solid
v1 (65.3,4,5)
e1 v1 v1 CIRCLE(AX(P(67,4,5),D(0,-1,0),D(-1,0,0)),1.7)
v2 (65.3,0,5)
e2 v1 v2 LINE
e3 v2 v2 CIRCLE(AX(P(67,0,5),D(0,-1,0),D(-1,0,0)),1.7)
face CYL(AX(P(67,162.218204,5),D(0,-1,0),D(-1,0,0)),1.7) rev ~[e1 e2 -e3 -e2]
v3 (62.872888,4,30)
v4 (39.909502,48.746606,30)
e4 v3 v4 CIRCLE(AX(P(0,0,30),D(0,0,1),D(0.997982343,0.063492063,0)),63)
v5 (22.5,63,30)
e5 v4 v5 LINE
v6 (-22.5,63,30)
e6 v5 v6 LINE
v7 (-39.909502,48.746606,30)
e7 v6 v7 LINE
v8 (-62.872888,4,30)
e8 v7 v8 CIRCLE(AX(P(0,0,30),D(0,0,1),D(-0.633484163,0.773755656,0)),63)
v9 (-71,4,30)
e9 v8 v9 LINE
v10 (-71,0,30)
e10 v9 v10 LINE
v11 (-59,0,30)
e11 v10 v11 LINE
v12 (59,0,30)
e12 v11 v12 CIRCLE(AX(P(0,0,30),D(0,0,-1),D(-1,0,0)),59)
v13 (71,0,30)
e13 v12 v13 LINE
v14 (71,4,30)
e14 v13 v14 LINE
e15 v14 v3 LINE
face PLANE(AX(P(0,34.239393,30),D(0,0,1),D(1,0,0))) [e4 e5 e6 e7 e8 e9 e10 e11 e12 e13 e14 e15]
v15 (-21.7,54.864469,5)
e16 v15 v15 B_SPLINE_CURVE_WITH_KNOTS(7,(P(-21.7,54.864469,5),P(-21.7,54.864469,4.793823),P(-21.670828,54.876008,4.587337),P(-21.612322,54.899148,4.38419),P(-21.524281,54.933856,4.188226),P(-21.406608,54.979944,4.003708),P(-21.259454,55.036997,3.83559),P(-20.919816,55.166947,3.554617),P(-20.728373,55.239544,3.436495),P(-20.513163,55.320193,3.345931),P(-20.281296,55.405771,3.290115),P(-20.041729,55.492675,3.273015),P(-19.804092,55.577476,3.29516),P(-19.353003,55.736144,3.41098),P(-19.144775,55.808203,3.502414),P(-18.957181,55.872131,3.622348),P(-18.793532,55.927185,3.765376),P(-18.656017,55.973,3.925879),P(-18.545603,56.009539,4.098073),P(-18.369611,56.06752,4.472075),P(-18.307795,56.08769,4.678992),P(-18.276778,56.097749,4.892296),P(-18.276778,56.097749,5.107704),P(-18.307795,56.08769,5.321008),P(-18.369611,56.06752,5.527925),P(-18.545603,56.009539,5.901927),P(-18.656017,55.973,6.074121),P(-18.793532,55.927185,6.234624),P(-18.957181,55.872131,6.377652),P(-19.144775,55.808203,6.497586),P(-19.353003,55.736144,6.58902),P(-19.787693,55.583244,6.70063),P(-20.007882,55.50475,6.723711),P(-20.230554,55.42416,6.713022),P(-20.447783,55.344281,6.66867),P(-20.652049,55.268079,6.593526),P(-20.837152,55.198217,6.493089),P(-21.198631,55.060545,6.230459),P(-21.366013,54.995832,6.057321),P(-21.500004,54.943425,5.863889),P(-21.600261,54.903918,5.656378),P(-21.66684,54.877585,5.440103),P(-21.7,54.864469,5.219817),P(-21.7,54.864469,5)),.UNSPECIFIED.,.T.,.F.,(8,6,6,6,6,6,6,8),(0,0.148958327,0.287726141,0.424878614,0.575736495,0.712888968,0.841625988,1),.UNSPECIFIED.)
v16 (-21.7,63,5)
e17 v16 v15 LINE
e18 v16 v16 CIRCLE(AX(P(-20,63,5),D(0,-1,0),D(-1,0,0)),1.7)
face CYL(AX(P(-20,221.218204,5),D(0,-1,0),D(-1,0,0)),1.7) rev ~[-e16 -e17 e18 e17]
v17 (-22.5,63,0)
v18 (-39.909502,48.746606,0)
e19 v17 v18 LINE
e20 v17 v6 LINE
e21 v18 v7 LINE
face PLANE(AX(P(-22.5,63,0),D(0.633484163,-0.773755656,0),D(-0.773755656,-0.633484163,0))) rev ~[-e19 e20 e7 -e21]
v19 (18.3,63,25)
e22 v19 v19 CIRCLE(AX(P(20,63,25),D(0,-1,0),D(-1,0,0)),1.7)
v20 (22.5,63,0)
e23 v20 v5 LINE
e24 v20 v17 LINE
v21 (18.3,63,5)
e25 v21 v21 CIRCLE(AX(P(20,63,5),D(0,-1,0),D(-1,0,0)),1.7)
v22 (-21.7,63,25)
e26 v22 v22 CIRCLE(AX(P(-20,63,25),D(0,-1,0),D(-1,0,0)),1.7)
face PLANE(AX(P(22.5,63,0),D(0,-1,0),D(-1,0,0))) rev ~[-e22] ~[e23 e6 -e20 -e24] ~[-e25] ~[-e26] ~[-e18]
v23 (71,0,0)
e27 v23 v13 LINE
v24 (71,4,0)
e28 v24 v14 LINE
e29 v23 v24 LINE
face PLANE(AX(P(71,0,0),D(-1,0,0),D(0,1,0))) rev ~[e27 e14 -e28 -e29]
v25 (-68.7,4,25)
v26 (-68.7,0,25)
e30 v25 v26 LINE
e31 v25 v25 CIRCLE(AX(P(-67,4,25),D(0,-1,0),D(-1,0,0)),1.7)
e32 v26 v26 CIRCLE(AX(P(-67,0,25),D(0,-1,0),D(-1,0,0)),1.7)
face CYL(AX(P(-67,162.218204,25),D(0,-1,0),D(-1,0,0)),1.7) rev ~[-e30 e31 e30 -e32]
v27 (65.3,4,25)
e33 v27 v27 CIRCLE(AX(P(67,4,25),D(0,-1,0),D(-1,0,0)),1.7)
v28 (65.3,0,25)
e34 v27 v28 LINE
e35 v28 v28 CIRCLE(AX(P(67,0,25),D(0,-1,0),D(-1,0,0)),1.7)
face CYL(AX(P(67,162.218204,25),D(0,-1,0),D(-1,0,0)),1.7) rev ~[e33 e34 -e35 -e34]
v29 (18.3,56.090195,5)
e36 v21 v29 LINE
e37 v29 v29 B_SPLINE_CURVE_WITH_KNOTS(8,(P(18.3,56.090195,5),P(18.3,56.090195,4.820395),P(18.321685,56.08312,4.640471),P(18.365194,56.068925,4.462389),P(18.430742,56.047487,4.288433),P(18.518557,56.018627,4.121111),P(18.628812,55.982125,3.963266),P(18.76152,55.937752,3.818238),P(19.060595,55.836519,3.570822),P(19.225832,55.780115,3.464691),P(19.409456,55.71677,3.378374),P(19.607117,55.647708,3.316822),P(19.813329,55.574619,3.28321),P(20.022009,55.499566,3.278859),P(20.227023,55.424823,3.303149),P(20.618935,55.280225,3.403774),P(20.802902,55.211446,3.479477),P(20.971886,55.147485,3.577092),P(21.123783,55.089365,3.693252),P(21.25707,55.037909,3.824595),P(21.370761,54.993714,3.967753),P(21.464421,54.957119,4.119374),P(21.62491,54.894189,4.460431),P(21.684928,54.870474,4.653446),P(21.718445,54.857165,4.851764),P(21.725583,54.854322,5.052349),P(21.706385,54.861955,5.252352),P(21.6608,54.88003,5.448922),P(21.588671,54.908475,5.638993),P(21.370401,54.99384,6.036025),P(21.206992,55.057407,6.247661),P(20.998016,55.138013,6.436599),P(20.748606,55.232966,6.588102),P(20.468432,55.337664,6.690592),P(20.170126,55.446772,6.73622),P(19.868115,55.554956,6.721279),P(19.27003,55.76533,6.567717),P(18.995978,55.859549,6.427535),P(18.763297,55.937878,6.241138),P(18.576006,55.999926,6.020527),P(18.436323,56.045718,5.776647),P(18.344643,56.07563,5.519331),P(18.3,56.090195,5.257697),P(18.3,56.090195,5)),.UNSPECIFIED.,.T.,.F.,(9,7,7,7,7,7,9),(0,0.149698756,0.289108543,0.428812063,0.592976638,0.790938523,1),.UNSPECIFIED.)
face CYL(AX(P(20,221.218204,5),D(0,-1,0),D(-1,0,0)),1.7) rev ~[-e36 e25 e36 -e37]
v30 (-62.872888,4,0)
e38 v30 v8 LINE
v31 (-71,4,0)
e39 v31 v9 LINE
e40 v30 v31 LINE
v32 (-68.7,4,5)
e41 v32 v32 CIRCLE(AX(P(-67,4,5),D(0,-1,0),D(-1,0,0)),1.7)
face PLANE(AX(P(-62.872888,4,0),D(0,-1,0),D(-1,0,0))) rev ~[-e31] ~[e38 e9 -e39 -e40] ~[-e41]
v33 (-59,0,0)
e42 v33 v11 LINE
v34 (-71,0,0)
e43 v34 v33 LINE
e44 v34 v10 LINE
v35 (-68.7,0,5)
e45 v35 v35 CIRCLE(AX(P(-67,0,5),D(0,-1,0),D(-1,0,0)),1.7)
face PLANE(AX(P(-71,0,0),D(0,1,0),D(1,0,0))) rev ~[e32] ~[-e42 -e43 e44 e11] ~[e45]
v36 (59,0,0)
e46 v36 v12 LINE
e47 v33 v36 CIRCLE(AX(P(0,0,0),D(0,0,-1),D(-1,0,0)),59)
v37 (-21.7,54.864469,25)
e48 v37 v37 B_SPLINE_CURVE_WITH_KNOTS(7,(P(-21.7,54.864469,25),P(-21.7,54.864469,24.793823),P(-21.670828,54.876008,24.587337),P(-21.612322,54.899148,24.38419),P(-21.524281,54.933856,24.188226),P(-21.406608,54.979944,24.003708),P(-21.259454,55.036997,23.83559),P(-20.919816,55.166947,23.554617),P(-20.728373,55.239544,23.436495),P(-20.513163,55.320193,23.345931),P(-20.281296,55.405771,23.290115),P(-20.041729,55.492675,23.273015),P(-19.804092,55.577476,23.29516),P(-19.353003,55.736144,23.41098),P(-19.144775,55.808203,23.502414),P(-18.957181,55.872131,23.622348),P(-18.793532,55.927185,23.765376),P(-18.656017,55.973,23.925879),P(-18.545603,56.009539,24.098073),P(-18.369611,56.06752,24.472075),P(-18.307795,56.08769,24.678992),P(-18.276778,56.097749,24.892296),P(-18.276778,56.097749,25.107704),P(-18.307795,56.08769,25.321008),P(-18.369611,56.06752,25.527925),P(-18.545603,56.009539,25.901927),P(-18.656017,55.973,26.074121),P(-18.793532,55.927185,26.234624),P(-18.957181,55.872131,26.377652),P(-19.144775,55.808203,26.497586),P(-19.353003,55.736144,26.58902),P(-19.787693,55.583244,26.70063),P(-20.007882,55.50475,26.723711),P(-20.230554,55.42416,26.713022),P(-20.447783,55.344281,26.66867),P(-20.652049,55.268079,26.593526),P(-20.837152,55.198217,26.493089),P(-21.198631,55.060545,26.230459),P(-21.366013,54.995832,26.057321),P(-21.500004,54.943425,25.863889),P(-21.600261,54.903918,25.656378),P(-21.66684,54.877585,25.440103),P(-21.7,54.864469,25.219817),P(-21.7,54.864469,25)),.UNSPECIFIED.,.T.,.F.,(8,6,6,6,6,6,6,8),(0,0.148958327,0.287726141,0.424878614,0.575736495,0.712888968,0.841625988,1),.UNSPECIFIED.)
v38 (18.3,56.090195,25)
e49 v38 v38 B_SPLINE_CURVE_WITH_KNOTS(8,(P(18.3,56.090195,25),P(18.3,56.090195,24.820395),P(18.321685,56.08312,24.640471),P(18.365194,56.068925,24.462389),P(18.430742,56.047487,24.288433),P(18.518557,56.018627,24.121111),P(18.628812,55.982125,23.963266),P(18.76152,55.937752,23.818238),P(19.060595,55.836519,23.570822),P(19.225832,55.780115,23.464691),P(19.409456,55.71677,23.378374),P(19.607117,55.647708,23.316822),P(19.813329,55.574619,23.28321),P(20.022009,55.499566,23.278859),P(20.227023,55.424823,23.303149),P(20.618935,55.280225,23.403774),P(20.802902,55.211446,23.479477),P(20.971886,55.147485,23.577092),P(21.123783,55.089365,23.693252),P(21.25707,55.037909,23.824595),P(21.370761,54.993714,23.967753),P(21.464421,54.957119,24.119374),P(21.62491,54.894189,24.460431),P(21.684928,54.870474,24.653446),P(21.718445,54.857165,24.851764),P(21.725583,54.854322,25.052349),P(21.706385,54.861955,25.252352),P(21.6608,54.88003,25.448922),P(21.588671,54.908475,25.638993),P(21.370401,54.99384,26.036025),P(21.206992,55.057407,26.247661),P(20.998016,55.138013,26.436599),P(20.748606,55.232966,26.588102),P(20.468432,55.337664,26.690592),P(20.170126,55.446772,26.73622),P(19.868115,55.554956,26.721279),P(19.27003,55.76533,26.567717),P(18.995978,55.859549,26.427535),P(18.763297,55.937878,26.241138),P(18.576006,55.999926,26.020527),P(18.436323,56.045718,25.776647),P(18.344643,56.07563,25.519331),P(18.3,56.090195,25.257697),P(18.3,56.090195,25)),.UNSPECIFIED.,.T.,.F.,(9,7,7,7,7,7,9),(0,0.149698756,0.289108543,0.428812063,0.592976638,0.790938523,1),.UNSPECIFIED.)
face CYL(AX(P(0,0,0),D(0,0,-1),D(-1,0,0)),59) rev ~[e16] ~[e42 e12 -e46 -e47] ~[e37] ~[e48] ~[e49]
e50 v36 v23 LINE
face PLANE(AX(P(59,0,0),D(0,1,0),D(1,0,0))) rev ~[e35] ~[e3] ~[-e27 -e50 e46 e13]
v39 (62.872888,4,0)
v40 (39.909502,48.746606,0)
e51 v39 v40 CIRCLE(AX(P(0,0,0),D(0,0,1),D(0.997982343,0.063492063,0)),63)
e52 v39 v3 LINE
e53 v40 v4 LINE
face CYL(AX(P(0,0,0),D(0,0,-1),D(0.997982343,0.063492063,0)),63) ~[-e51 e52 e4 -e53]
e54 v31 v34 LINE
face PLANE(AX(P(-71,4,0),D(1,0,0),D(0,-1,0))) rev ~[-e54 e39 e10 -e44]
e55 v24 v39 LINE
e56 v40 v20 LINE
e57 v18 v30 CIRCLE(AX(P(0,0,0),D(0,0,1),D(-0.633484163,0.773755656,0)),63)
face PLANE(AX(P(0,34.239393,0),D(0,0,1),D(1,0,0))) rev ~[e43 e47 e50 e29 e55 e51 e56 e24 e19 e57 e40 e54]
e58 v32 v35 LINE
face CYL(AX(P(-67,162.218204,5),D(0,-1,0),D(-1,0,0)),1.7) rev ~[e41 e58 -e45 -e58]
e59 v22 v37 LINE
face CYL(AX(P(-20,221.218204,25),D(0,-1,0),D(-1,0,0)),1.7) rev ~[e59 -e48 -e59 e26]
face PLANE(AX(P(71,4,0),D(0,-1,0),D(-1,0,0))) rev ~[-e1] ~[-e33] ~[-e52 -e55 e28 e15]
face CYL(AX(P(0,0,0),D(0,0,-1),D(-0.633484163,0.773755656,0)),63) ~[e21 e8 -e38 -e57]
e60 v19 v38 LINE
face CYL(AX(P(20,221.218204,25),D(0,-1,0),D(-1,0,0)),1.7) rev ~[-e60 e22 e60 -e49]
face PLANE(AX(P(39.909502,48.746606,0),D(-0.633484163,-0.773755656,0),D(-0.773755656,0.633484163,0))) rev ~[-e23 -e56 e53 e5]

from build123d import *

# Parameters (mm, degrees)
BOSS_EXTRU_1_DEPTH = 30
D_GAGEMENT_M31_D   = 3.4
D_GAGEMENT_M32_D   = 3.4


with BuildPart() as part:
    # Esquisse1 → Boss.-Extru.1 (new body)
    with BuildSketch(Plane.XY):
        with BuildLine():
            Line((22.5, 63), (-22.5, 63))
            Line((-22.5, 63), (-39.909502262, 48.746606335))
            ThreePointArc((-39.909502262, 48.746606335), (-56.050152659, 28.764220604), (-62.872887638, 4))
            Line((-62.872887638, 4), (-71, 4))
            Line((-71, 4), (-71, 0))
            Line((-71, 0), (-59, 0))
            ThreePointArc((-59, 0), (0, 59), (59, 0))
            Line((59, 0), (71, 0))
            Line((71, 0), (71, 4))
            Line((71, 4), (62.872887638, 4))
            ThreePointArc((62.872887638, 4), (56.050152659, 28.764220604), (39.909502262, 48.746606335))
            Line((39.909502262, 48.746606335), (22.5, 63))
        make_face()
    extrude(amount=BOSS_EXTRU_1_DEPTH)

    # Dégagement M31 (through all)
    with Locations(Plane(origin=(0, 4, 0), x_dir=(1, 0, 0), z_dir=(0, 1, 0))):
        with Locations((-67, -25), (-67, -5), (67, -25), (67, -5)):
            Hole(D_GAGEMENT_M31_D / 2)

    # Dégagement M32 (through all)
    with Locations(Plane(origin=(0, 63, 0), x_dir=(1, 0, 0), z_dir=(0, 1, 0))):
        with Locations((20, -5), (-20, -5), (-20, -25), (20, -25)):
            Hole(D_GAGEMENT_M32_D / 2)


solid = part.part
